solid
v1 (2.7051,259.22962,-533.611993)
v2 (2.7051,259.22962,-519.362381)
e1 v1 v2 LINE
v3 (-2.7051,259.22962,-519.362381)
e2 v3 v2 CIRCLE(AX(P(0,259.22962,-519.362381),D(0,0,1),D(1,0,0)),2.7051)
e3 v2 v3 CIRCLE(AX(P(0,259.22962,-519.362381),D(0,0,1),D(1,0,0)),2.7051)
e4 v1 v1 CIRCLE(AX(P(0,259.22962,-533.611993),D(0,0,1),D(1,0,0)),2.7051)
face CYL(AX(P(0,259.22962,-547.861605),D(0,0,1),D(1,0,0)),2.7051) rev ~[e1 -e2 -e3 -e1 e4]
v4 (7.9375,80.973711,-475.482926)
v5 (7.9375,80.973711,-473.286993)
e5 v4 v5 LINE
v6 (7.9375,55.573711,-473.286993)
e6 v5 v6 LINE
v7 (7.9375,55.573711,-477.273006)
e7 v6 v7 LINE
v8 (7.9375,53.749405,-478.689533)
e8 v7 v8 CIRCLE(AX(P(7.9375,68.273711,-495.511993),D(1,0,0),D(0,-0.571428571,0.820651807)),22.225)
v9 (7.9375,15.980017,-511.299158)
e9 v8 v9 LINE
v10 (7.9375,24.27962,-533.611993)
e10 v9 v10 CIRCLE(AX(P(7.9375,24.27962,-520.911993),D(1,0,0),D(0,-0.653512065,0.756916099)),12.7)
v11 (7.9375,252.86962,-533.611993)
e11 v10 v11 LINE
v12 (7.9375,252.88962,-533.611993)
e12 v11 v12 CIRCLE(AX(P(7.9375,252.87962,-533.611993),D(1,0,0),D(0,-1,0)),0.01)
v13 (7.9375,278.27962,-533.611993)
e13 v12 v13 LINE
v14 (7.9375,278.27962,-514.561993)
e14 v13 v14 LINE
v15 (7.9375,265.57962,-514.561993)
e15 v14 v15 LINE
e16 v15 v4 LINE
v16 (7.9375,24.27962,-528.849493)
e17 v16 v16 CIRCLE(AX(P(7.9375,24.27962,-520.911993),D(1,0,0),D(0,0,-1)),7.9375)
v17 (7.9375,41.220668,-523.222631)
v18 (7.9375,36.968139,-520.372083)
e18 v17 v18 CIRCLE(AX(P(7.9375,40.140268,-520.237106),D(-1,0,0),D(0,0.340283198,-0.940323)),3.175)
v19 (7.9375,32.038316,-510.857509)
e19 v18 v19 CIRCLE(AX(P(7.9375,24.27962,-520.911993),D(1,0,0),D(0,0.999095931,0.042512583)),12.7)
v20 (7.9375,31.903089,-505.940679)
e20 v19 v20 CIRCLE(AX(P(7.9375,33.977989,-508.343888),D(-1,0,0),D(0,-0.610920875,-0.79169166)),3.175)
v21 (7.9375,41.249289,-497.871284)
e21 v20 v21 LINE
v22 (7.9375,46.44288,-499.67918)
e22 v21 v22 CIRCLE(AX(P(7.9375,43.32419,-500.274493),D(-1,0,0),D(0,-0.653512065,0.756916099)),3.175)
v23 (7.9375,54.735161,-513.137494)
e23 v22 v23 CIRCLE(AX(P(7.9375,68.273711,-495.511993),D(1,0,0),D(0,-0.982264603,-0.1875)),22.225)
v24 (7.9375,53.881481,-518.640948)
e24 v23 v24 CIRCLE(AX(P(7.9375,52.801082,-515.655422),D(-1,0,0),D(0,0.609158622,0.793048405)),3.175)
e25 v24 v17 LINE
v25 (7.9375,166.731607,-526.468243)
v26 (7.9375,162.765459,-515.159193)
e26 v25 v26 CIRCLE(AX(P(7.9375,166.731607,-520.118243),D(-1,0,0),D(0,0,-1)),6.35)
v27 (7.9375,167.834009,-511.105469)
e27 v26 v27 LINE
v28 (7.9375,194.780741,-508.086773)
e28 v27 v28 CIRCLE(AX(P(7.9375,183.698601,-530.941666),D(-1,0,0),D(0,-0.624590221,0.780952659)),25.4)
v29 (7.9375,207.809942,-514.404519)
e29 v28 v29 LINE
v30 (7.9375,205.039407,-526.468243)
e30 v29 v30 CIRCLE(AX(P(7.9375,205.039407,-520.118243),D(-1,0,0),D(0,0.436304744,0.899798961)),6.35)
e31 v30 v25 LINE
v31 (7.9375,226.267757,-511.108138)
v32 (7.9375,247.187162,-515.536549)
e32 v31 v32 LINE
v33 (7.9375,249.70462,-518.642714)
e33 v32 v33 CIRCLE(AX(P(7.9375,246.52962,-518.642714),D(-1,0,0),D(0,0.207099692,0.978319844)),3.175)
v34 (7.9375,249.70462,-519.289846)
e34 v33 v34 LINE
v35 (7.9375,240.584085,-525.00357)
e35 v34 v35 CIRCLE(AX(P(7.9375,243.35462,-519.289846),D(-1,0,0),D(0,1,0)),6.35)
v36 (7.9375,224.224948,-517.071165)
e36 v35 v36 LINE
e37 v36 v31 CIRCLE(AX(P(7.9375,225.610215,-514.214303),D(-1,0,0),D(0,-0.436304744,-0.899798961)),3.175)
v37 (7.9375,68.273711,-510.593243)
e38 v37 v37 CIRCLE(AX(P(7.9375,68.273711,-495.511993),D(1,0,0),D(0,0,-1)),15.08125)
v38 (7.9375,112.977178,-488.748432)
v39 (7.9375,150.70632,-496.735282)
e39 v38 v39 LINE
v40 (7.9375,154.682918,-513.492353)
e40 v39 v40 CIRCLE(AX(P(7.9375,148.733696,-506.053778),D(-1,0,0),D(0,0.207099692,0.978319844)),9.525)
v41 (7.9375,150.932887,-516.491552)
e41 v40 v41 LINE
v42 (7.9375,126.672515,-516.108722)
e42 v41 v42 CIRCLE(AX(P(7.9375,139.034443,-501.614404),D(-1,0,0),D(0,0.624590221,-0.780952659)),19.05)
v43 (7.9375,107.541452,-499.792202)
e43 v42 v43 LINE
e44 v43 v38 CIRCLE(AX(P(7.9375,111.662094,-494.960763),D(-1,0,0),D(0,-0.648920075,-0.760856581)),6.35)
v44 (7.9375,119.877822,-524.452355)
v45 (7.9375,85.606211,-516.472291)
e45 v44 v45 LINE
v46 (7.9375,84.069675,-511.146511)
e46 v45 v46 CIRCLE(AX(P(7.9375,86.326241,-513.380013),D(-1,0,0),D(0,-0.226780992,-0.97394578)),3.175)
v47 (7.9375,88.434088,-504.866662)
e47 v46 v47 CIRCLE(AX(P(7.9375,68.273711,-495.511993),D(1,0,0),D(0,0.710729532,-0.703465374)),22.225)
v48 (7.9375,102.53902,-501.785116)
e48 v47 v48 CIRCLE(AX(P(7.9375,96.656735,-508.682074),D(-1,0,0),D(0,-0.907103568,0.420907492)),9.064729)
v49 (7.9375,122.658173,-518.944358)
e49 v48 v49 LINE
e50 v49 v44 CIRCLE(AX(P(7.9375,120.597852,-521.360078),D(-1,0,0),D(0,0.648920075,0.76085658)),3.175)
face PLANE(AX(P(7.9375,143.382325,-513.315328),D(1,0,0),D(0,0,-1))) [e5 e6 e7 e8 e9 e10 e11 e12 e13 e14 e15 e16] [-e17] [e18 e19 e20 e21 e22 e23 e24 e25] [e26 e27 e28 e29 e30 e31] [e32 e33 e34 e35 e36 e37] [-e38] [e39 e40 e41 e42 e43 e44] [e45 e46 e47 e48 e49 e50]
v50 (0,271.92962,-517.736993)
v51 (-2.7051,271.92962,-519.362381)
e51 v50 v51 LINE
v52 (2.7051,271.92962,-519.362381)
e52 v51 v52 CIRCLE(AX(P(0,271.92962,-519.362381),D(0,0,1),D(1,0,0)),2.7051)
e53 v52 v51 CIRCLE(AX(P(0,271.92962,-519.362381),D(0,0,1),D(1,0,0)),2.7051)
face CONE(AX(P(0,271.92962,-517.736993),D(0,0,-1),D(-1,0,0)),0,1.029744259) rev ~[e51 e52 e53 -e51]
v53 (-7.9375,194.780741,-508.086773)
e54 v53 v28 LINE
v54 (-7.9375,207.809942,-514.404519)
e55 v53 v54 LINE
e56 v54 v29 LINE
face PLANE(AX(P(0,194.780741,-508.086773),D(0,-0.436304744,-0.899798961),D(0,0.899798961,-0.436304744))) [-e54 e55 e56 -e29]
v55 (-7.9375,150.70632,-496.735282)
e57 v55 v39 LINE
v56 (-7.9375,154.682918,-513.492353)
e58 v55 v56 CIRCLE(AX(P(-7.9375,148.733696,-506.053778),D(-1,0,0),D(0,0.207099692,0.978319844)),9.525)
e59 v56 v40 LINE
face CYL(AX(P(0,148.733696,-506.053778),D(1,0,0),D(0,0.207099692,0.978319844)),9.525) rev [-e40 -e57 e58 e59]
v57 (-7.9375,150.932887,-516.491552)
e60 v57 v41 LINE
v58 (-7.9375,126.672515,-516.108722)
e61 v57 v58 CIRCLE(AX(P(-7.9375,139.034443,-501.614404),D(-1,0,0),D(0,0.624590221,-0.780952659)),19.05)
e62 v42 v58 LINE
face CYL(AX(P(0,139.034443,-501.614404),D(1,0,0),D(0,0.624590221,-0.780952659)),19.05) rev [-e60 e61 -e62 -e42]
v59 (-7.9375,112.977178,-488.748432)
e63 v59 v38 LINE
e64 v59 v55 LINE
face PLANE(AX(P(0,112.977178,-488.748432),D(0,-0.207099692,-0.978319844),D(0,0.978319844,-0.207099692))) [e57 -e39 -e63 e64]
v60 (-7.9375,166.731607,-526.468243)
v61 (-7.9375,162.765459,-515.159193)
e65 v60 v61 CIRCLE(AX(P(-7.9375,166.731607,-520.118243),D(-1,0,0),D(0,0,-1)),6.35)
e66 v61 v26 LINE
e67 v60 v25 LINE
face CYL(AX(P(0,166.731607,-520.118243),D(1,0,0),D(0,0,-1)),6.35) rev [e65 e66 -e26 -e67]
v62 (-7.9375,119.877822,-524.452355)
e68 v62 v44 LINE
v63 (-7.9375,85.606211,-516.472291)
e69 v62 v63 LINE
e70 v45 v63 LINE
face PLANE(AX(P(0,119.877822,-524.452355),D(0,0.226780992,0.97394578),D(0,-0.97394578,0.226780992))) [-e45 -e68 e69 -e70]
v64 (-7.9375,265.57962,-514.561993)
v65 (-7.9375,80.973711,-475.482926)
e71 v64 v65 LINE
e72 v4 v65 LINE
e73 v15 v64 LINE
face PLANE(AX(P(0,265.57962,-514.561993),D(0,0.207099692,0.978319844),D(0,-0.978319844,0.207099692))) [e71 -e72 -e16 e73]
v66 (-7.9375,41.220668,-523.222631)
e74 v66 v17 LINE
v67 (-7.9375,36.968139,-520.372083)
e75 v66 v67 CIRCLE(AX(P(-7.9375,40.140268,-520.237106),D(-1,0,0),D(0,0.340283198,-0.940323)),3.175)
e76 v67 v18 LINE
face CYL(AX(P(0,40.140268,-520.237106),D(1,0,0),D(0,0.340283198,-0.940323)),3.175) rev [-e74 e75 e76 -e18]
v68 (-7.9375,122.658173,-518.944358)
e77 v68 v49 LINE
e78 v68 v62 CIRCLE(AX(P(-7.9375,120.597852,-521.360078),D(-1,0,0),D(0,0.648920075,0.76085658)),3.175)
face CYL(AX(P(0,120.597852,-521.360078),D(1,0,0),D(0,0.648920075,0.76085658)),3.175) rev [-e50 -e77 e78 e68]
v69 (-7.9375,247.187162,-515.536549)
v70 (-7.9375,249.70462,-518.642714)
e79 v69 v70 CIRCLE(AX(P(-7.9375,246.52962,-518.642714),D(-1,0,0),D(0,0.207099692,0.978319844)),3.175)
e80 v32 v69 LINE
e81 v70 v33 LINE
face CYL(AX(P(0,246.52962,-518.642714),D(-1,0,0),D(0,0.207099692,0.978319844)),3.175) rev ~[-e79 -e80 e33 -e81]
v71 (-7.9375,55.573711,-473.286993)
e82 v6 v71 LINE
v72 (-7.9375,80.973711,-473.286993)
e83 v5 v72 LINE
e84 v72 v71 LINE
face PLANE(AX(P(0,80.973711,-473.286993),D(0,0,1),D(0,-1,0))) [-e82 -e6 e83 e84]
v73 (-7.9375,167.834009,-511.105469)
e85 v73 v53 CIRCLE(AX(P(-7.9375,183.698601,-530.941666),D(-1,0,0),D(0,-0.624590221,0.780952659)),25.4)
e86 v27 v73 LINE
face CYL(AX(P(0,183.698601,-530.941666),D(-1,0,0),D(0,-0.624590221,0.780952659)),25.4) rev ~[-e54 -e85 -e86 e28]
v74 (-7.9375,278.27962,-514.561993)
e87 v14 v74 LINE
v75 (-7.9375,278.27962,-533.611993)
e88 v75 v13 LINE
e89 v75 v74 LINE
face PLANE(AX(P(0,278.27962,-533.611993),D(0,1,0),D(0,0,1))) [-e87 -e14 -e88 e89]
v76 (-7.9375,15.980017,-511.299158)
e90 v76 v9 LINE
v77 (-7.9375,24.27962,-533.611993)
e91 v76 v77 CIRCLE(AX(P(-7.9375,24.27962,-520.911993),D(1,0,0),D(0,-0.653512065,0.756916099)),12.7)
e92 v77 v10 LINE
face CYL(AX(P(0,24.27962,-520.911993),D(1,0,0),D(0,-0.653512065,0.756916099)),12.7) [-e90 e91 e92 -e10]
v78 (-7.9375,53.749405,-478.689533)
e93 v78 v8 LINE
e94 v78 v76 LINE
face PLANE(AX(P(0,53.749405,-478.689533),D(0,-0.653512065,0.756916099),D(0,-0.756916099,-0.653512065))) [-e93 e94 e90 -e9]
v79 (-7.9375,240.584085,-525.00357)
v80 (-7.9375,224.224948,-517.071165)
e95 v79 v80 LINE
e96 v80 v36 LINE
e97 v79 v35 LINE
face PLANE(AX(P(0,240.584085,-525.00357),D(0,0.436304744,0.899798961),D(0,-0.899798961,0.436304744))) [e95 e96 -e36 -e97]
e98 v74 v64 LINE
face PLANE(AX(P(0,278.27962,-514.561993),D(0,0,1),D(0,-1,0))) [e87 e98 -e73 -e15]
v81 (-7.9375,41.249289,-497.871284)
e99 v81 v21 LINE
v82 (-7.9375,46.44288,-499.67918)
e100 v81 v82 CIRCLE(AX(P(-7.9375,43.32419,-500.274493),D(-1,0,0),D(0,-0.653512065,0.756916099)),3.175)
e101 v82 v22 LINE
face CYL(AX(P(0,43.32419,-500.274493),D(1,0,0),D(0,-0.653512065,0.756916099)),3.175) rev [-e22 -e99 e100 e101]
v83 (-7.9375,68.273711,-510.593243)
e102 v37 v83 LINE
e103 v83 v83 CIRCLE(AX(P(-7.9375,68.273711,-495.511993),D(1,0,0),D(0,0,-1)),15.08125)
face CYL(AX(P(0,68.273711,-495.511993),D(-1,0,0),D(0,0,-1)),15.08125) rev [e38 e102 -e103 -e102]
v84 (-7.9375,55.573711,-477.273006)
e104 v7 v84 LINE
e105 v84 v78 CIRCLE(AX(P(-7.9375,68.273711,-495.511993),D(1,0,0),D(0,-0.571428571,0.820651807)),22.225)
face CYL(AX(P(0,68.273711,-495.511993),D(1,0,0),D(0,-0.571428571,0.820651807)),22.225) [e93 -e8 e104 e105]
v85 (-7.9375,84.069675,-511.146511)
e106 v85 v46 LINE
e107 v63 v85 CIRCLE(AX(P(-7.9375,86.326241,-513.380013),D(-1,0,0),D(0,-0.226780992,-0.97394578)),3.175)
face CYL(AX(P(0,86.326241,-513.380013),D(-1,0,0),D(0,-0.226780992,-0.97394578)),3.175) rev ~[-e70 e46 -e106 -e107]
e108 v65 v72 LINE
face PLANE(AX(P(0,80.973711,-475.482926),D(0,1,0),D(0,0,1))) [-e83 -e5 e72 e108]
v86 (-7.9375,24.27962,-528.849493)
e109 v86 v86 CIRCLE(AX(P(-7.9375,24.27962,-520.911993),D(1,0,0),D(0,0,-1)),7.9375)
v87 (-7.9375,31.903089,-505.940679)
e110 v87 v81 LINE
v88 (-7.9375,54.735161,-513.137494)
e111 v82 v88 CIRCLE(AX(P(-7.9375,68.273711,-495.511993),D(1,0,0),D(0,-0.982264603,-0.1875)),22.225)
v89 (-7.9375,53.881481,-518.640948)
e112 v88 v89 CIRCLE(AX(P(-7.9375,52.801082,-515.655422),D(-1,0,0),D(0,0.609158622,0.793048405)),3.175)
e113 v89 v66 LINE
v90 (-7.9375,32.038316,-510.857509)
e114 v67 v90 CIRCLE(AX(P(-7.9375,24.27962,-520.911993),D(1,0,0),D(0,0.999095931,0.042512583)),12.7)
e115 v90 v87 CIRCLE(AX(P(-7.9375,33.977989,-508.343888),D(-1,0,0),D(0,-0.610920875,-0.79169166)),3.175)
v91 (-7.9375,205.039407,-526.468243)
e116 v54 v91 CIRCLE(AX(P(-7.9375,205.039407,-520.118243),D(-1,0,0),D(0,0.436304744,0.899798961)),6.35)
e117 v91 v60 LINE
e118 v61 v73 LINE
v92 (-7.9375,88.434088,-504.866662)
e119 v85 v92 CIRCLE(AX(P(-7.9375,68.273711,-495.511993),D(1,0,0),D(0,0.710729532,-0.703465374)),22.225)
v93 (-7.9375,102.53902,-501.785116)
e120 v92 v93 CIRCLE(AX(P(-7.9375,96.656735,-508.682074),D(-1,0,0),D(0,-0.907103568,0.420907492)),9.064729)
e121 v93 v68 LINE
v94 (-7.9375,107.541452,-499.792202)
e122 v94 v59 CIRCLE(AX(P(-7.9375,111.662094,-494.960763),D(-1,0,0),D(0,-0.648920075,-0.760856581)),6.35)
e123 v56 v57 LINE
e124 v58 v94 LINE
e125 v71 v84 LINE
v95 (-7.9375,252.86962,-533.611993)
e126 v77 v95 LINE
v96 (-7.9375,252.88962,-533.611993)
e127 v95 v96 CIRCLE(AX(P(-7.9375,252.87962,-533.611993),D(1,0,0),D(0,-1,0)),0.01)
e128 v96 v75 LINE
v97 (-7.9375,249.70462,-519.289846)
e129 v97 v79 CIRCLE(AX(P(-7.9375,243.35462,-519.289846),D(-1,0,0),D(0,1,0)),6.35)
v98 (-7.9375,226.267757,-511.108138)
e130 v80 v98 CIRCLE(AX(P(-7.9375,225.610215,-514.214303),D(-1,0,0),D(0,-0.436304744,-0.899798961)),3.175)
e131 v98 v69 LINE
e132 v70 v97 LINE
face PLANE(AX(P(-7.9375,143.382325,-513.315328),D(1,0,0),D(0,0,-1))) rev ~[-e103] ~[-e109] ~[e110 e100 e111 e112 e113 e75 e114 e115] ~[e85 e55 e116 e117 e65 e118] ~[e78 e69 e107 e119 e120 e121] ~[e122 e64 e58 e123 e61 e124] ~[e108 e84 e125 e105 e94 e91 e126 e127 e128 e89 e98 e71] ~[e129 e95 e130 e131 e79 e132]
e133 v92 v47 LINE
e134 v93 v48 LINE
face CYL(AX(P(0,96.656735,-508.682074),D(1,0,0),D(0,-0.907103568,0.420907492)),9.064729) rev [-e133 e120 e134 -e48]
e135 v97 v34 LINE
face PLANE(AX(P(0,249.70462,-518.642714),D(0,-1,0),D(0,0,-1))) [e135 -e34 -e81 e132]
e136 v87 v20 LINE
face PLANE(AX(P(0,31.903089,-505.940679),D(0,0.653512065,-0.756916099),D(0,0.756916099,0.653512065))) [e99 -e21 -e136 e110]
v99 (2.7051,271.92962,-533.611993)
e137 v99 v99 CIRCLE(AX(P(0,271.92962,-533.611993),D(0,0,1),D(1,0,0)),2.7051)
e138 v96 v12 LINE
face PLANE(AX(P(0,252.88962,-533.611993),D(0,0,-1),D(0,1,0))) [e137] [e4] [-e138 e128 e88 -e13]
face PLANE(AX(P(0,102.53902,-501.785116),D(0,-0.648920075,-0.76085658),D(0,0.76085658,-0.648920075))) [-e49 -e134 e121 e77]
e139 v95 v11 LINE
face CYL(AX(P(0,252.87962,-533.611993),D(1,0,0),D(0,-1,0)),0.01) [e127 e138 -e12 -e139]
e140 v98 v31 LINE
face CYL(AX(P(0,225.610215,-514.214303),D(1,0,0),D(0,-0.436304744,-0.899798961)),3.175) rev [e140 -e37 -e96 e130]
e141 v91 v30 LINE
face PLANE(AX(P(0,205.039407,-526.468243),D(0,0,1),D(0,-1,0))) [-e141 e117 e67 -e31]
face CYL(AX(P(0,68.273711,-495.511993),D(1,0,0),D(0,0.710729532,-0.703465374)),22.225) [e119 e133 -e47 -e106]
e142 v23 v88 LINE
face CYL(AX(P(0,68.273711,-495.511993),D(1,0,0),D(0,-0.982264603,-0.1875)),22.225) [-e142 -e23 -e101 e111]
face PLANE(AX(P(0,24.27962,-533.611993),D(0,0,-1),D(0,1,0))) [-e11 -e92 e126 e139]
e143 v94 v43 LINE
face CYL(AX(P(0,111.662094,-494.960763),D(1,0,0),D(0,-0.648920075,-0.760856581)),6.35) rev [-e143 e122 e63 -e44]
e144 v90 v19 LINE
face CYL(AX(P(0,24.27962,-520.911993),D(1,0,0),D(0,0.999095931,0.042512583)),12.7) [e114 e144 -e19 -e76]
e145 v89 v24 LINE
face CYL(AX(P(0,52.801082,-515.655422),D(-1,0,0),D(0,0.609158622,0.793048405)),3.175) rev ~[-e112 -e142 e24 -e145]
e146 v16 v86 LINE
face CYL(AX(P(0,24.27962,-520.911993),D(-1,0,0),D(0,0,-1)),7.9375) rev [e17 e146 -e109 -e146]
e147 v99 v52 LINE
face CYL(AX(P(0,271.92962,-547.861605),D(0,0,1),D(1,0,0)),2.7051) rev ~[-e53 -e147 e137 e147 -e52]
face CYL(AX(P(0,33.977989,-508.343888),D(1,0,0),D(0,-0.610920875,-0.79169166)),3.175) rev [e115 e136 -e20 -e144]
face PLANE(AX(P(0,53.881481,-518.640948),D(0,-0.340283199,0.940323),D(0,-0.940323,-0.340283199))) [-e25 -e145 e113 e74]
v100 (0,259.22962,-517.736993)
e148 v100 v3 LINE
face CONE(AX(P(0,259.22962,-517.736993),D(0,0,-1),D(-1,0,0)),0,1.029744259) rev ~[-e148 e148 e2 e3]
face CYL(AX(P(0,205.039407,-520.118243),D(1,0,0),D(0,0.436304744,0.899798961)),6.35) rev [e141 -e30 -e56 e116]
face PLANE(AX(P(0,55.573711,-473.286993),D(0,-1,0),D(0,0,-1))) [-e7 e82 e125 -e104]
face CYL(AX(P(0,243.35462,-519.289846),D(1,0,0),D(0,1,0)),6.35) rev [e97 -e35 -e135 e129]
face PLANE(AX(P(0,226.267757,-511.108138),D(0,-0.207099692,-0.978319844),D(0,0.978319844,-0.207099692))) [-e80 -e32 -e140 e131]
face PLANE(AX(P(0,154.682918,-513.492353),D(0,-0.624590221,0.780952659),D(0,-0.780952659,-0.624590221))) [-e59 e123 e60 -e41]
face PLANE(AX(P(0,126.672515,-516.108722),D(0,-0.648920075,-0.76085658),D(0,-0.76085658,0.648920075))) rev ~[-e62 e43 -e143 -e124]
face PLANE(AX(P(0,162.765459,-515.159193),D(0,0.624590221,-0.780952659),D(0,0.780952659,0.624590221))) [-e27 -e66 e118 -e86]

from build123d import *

# Parameters (mm, degrees)
SKETCH1_R                       = 15.08125
SKETCH1_R_2                     = 7.9375
BOSS_EXTRUDE1_DEPTH             = 7.9375
TAP_DRILL_FOR_1_4_28_TAP1_D     = 5.4102
TAP_DRILL_FOR_1_4_28_TAP1_DEPTH = 14.249611939
TAP_DRILL_FOR_1_4_28_TAP1_TIP   = 1.625388061


with BuildPart() as part:
    # Sketch1 → Boss-Extrude1 (new body, symmetric)
    with BuildSketch(Plane(origin=(0, 0, 0), x_dir=(0, 0, -1), z_dir=(1, 0, 0))):
        with BuildLine():
            ThreePointArc((477.273006468, 55.573710947), (477.957555138, 54.643144528), (478.689532564, 53.74940531))
            Line((478.689532564, 53.74940531), (511.29915841, 15.980017214))
            ThreePointArc((511.29915841, 15.980017214), (525.339576994, 12.376406632), (533.611992871, 24.279620434))
            Line((533.611992871, 24.279620434), (533.611992871, 252.869620434))
            ThreePointArc((533.611992871, 252.869620434), (533.621992871, 252.879620434), (533.611992871, 252.889620434))
            Line((533.611992871, 252.889620434), (533.611992871, 278.279620434))
            Line((533.611992871, 278.279620434), (514.561992871, 278.279620434))
            Line((514.561992871, 278.279620434), (514.561992871, 265.579620434))
            Line((514.561992871, 265.579620434), (475.482925659, 80.973710947))
            Line((475.482925659, 80.973710947), (473.286992871, 80.973710947))
            Line((473.286992871, 80.973710947), (473.286992871, 55.573710947))
            Line((473.286992871, 55.573710947), (477.273006468, 55.573710947))
        make_face()
        with Locations((495.511992871, 68.273710947)):
            Circle(SKETCH1_R, mode=Mode.SUBTRACT)
        with BuildLine():
            Line((513.492352541, 154.682917565), (516.491551882, 150.932886553))
            ThreePointArc((516.491551882, 150.932886553), (520.662032348, 138.733869971), (516.108721588, 126.672515404))
            Line((516.108721588, 126.672515404), (499.792202262, 107.541452006))
            ThreePointArc((499.792202262, 107.541452006), (492.156570852, 105.964813857), (488.748431965, 112.977177526))
            Line((488.748431965, 112.977177526), (496.735281949, 150.706320271))
            ThreePointArc((496.735281949, 150.706320271), (503.854492534, 158.001314948), (513.492352541, 154.682917565))
        make_face(mode=Mode.SUBTRACT)
        with BuildLine():
            Line((505.940679161, 31.90308853), (497.871284255, 41.249289229))
            ThreePointArc((497.871284255, 41.249289229), (497.275971755, 44.367979343), (499.679180371, 46.442880148))
            ThreePointArc((499.679180371, 46.442880148), (507.170500261, 49.352034741), (513.137493678, 54.73516057))
            ThreePointArc((513.137493678, 54.73516057), (516.142098705, 55.938560413), (518.64094789, 53.8814811))
            Line((518.64094789, 53.8814811), (523.222631148, 41.220667502))
            ThreePointArc((523.222631148, 41.220667502), (522.874411989, 38.372433477), (520.372083072, 36.968138764))
            ThreePointArc((520.372083072, 36.968138764), (515.06938347, 35.555874927), (510.857508795, 32.038315555))
            ThreePointArc((510.857508795, 32.038315555), (508.431176446, 30.804189453), (505.940679161, 31.90308853))
        make_face(mode=Mode.SUBTRACT)
        with Locations((520.911992871, 24.279620434)):
            Circle(SKETCH1_R_2, mode=Mode.SUBTRACT)
        with BuildLine():
            ThreePointArc((518.944357913, 122.658172896), (522.790818804, 123.432213046), (524.452355406, 119.877822007))
            Line((524.452355406, 119.877822007), (516.472291206, 85.606211423))
            ThreePointArc((516.472291206, 85.606211423), (514.260132633, 83.275664888), (511.146510795, 84.069674807))
            ThreePointArc((511.146510795, 84.069674807), (508.195718311, 86.524018724), (504.866661886, 88.434087744))
            ThreePointArc((504.866661886, 88.434087744), (499.826228678, 94.721972649), (501.785115668, 102.539019742))
            Line((501.785115668, 102.539019742), (518.944357913, 122.658172896))
        make_face(mode=Mode.SUBTRACT)
        with BuildLine():
            ThreePointArc((526.468242871, 166.731606566), (522.219734771, 160.739425678), (515.159193487, 162.76545866))
            Line((515.159193487, 162.76545866), (511.105468766, 167.834009193))
            ThreePointArc((511.105468766, 167.834009193), (505.69956043, 180.870864765), (508.086772693, 194.780741319))
            Line((508.086772693, 194.780741319), (514.404519469, 207.809941801))
            ThreePointArc((514.404519469, 207.809941801), (521.5395726, 211.228293635), (526.468242871, 205.039406675))
            Line((526.468242871, 205.039406675), (526.468242871, 166.731606566))
        make_face(mode=Mode.SUBTRACT)
        with BuildLine():
            ThreePointArc((515.536548916, 247.187161956), (516.643598283, 248.996229375), (518.642714422, 249.704620434))
            Line((518.642714422, 249.704620434), (519.289846204, 249.704620434))
            ThreePointArc((519.289846204, 249.704620434), (524.671082031, 246.725792482), (525.003569607, 240.584085308))
            Line((525.003569607, 240.584085308), (517.071165151, 224.224947846))
            ThreePointArc((517.071165151, 224.224947846), (513.18532078, 222.606581), (511.108137945, 226.26775693))
            Line((511.108137945, 226.26775693), (515.536548916, 247.187161956))
        make_face(mode=Mode.SUBTRACT)
    extrude(amount=BOSS_EXTRUDE1_DEPTH, both=True)

    # Tap Drill for 1/4-28 Tap1
    with Locations(Plane(origin=(0, 271.929620434, -533.611992871), x_dir=(-1, 0, 0), z_dir=(0, 0, -1))):
        with Locations((0, 0), (0, -12.7)):
            Hole(TAP_DRILL_FOR_1_4_28_TAP1_D / 2, depth=TAP_DRILL_FOR_1_4_28_TAP1_DEPTH)
            with Locations((0, 0, -(TAP_DRILL_FOR_1_4_28_TAP1_DEPTH + TAP_DRILL_FOR_1_4_28_TAP1_TIP / 2))):  # 118° drill point
                Cone(0, TAP_DRILL_FOR_1_4_28_TAP1_D / 2, TAP_DRILL_FOR_1_4_28_TAP1_TIP, mode=Mode.SUBTRACT)


solid = part.part
